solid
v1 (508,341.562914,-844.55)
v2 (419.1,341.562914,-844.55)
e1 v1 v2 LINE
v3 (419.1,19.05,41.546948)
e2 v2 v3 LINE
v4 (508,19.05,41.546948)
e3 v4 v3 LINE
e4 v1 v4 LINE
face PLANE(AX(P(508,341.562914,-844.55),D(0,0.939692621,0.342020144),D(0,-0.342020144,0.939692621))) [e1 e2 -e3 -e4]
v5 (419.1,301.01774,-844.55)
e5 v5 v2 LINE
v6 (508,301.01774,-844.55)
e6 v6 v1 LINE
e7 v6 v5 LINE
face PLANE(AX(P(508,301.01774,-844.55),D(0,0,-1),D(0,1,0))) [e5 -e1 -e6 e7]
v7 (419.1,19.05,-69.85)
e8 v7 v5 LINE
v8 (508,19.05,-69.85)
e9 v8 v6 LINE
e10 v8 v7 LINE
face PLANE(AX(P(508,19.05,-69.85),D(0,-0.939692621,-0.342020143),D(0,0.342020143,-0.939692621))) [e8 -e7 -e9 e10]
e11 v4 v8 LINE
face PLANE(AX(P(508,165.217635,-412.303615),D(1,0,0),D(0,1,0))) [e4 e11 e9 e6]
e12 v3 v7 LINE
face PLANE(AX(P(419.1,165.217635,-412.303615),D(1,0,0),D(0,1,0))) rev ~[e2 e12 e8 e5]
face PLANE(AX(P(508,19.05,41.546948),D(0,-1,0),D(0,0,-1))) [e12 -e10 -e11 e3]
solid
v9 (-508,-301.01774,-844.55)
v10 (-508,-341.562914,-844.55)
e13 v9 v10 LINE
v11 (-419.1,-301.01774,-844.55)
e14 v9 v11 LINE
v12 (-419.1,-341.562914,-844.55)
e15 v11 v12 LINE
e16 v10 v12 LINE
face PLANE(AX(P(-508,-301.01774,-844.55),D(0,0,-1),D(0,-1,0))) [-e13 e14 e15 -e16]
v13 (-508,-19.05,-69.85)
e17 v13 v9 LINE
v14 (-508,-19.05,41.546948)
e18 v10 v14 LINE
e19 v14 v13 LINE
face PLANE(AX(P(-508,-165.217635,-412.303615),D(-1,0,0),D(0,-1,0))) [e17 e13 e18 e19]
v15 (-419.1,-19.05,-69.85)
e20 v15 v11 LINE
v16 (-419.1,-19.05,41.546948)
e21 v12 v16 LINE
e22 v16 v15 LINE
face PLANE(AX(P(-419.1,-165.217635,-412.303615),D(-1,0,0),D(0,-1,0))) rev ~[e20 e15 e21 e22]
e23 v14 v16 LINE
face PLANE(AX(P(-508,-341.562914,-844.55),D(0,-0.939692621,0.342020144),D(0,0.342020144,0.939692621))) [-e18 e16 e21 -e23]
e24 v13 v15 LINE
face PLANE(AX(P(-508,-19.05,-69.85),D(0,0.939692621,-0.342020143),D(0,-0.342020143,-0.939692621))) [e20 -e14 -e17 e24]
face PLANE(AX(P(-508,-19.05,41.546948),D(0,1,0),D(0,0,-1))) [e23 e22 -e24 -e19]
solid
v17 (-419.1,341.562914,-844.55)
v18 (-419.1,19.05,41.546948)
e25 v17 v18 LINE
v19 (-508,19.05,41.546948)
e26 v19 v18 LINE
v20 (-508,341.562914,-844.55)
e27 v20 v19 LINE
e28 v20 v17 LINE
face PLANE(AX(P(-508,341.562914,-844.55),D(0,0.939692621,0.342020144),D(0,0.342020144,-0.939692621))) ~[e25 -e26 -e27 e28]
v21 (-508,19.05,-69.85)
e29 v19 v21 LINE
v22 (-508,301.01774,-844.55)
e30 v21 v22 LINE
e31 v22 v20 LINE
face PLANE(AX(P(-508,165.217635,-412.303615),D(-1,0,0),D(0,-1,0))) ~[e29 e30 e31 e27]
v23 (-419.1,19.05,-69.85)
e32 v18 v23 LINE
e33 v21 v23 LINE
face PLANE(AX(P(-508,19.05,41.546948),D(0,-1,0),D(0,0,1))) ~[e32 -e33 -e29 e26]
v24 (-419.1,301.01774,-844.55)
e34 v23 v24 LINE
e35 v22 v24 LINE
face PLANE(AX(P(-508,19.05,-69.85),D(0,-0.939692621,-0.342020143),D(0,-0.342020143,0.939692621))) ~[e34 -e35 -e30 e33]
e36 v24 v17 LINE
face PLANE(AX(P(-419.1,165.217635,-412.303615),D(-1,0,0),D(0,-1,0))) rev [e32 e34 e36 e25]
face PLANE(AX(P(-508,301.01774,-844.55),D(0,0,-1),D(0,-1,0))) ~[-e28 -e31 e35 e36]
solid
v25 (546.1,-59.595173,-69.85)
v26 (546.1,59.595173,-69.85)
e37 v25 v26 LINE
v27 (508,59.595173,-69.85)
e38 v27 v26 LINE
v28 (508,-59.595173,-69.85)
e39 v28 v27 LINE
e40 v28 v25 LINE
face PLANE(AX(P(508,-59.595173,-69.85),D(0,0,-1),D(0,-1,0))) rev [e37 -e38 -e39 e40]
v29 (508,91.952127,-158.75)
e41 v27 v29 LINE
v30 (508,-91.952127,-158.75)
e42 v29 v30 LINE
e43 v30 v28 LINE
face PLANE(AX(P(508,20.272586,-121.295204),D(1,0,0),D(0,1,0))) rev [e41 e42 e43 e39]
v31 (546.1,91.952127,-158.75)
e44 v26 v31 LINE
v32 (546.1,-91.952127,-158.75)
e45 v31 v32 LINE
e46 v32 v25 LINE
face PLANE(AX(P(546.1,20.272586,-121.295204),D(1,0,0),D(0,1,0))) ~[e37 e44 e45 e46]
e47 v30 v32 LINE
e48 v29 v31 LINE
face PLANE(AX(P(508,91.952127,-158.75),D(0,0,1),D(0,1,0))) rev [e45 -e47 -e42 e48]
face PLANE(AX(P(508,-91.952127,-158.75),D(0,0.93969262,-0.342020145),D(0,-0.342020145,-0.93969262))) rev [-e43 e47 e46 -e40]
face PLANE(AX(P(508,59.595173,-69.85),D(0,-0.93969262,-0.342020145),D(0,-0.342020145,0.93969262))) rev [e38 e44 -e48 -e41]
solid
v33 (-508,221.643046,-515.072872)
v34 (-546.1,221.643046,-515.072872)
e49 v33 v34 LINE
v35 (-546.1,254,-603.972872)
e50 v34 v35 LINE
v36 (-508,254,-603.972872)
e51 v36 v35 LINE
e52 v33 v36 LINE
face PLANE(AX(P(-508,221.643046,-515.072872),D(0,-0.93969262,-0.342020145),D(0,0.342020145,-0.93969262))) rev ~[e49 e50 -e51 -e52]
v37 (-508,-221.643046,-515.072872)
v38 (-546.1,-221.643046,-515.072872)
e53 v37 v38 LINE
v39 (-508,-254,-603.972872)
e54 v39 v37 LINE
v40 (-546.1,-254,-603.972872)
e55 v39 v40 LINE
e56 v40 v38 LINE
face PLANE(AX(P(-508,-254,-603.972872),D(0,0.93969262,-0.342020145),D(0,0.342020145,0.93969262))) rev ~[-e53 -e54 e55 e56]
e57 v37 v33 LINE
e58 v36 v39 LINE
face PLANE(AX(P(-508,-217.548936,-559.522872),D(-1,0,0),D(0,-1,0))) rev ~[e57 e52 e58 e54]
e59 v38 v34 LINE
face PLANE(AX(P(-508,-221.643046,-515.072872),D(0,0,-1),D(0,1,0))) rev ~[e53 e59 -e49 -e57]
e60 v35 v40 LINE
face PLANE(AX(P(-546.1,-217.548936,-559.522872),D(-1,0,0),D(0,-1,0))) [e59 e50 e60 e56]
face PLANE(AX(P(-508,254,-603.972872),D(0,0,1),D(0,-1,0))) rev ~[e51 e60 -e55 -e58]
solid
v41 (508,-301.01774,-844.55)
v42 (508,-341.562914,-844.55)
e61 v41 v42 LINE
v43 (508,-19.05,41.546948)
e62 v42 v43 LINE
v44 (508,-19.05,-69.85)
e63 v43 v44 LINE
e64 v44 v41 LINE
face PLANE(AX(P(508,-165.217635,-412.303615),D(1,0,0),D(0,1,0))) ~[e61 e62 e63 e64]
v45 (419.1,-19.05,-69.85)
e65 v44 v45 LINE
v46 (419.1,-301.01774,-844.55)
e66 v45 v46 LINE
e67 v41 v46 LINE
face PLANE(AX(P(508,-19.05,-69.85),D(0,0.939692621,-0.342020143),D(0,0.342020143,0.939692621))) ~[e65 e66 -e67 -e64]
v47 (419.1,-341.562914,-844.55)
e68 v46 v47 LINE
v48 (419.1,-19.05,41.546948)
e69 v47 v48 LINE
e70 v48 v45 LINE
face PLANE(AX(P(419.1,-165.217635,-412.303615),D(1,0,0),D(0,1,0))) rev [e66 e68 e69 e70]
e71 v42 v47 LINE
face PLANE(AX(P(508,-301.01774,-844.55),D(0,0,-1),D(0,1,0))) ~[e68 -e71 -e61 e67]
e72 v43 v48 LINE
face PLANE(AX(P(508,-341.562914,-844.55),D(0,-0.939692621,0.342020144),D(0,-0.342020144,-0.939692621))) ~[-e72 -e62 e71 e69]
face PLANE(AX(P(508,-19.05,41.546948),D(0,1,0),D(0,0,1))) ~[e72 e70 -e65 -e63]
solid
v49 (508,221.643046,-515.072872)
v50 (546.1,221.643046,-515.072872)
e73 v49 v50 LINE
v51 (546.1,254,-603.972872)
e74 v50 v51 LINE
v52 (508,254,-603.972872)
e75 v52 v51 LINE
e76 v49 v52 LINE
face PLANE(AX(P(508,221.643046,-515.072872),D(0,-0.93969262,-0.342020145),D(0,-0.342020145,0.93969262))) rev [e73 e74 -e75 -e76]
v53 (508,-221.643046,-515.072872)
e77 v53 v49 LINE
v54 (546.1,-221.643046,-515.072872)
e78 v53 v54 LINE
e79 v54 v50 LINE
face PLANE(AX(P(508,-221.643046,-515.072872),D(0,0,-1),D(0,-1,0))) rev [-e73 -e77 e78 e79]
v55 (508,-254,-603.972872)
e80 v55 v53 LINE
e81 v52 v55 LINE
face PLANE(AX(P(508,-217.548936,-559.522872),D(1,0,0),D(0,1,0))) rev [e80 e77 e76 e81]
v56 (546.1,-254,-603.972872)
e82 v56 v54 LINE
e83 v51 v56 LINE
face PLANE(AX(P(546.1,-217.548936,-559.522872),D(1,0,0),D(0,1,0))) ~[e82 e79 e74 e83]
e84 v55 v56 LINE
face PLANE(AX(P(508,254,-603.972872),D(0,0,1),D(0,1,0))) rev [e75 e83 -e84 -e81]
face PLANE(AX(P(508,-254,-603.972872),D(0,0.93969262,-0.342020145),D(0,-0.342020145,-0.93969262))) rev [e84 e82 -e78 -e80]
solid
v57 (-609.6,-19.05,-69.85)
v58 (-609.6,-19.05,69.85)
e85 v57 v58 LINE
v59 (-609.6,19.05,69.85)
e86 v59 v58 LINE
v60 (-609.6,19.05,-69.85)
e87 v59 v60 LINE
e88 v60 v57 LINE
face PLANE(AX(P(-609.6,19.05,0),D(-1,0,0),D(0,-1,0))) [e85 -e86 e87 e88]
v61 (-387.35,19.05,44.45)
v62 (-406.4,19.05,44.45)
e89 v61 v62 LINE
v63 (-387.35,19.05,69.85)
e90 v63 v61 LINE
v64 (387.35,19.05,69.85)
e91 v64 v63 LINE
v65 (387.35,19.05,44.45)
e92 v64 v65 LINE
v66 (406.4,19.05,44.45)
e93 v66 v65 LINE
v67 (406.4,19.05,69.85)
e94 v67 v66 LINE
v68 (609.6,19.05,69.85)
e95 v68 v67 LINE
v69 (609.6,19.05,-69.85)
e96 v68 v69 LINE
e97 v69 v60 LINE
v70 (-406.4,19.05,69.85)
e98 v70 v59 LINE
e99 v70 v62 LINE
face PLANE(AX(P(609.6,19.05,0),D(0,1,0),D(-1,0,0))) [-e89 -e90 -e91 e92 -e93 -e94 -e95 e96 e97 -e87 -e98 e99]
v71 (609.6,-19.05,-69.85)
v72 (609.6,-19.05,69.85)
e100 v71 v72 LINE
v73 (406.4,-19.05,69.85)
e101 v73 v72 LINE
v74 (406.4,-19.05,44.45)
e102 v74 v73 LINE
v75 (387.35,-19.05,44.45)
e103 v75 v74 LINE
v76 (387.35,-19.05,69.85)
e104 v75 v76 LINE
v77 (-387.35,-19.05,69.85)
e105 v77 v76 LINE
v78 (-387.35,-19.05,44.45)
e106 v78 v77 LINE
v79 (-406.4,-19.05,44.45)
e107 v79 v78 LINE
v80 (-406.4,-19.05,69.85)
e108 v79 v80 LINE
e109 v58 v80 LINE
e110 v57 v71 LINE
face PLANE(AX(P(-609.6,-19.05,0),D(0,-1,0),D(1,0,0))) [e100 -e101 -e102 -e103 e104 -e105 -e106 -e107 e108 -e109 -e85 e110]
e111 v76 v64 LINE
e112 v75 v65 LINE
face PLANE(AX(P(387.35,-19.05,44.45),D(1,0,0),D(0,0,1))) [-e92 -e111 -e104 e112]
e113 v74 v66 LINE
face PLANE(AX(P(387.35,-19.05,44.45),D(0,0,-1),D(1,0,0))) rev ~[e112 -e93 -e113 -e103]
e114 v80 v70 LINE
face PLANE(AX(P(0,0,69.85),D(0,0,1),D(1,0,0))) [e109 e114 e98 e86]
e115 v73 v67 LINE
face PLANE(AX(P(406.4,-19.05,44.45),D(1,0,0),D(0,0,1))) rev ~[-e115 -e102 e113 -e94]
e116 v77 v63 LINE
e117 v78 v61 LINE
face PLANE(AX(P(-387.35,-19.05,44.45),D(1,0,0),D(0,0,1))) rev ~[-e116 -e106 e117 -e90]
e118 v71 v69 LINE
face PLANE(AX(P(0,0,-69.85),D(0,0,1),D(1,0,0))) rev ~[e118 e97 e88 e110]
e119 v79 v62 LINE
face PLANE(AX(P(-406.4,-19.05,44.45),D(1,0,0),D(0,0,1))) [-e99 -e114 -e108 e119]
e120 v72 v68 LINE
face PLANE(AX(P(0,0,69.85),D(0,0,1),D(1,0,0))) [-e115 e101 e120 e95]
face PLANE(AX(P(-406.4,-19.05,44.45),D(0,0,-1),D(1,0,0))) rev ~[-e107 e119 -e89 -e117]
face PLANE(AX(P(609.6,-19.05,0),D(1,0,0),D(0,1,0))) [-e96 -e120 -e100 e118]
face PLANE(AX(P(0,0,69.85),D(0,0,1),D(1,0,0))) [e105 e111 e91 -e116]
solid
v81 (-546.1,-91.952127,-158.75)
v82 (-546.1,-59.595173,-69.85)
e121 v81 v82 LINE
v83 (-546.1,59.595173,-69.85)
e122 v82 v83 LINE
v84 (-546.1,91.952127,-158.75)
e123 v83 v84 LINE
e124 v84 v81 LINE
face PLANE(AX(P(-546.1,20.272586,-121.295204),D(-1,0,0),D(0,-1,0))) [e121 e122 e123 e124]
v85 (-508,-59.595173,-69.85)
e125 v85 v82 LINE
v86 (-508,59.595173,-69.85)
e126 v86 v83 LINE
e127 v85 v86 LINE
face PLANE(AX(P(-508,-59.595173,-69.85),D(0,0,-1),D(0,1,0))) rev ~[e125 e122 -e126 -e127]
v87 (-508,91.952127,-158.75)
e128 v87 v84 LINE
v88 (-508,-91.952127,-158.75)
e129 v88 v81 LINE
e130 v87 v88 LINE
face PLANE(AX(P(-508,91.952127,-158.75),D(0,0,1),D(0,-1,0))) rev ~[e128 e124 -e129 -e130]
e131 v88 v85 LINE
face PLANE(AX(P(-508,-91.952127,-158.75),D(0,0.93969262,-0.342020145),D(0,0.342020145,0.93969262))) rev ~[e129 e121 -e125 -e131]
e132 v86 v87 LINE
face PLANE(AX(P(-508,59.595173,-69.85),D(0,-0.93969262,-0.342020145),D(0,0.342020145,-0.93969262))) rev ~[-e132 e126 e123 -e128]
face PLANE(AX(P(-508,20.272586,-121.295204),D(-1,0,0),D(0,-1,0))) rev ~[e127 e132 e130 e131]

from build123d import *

# Parameters (mm, degrees)
F1_DEPTH  = 69.85
F4_W      = 19.05
F4_H      = 25.4
F5_DEPTH  = 50.8
F6_DEPTH  = 88.9
F9_DEPTH  = 38.1
F10_DEPTH = 38.1


with BuildPart() as f1:
    # F0 (on Top) → F1 (new body, symmetric)
    with BuildSketch(Plane.XY):
        Polygon((-609.6, 19.05), (-609.6, 0), (-609.6, -19.05), (609.6, -19.05), (609.6, 0), (609.6, 19.05), align=None)
    extrude(amount=F1_DEPTH, both=True)

    # F4 (on face) → F5 (cut)
    with BuildSketch(Plane.XZ.offset(19.05)):
        with Locations((-396.875, 57.15)):
            Rectangle(F4_W, F4_H)
        with Locations((396.875, 57.15)):
            Rectangle(F4_W, F4_H)
    extrude(amount=-F5_DEPTH, mode=Mode.SUBTRACT)


with BuildPart() as f6:
    # F3 (on offset) → F6 (new body)
    with BuildSketch(Plane(origin=(-508, 0, 0), x_dir=(0, -1, 0), z_dir=(-1, 0, 0))):
        Polygon((341.562914, -844.55), (19.05, 41.546948), (19.05, -69.85), (301.01774, -844.55), align=None)
    extrude(amount=-F6_DEPTH)


with BuildPart() as f7_1:
    # F7: instance of F6
    add(f6.part.mirror(Plane.XZ))


with BuildPart() as f9:
    # F8 (on face) → F9 (new body)
    with BuildSketch(Plane(origin=(-508, 0, 0), x_dir=(0, -1, 0), z_dir=(-1, 0, 0))):
        Polygon((-19.05, -69.85), (-59.595173, -69.85), (-91.952127, -158.75), (51.406954, -158.75), (19.05, -69.85), align=None)
        Polygon((19.05, -69.85), (51.406954, -158.75), (91.952127, -158.75), (59.595173, -69.85), align=None)
    extrude(amount=F9_DEPTH)


with BuildPart() as f10:
    # F8 (on face) → F10 (new body)
    with BuildSketch(Plane(origin=(-508, 0, 0), x_dir=(0, -1, 0), z_dir=(-1, 0, 0))):
        Polygon((221.643046, -515.072872), (181.097873, -515.072872), (213.454827, -603.972872), (254, -603.972872), align=None)
        Polygon((181.097873, -515.072872), (-221.643046, -515.072872), (-254, -603.972872), (213.454827, -603.972872), align=None)
    extrude(amount=F10_DEPTH)


with BuildPart() as f11_1:
    # F11: instance of F7_1
    add(f7_1.part.mirror(Plane.YZ))


with BuildPart() as f11_2:
    # F11: instance of F9
    add(f9.part.mirror(Plane.YZ))


with BuildPart() as f11_3:
    # F11: instance of F6
    add(f6.part.mirror(Plane.YZ))


with BuildPart() as f11_4:
    # F11: instance of F10
    add(f10.part.mirror(Plane.YZ))


solid = Compound([f1.part, f6.part, f7_1.part, f9.part, f10.part, f11_1.part, f11_2.part, f11_3.part, f11_4.part])
